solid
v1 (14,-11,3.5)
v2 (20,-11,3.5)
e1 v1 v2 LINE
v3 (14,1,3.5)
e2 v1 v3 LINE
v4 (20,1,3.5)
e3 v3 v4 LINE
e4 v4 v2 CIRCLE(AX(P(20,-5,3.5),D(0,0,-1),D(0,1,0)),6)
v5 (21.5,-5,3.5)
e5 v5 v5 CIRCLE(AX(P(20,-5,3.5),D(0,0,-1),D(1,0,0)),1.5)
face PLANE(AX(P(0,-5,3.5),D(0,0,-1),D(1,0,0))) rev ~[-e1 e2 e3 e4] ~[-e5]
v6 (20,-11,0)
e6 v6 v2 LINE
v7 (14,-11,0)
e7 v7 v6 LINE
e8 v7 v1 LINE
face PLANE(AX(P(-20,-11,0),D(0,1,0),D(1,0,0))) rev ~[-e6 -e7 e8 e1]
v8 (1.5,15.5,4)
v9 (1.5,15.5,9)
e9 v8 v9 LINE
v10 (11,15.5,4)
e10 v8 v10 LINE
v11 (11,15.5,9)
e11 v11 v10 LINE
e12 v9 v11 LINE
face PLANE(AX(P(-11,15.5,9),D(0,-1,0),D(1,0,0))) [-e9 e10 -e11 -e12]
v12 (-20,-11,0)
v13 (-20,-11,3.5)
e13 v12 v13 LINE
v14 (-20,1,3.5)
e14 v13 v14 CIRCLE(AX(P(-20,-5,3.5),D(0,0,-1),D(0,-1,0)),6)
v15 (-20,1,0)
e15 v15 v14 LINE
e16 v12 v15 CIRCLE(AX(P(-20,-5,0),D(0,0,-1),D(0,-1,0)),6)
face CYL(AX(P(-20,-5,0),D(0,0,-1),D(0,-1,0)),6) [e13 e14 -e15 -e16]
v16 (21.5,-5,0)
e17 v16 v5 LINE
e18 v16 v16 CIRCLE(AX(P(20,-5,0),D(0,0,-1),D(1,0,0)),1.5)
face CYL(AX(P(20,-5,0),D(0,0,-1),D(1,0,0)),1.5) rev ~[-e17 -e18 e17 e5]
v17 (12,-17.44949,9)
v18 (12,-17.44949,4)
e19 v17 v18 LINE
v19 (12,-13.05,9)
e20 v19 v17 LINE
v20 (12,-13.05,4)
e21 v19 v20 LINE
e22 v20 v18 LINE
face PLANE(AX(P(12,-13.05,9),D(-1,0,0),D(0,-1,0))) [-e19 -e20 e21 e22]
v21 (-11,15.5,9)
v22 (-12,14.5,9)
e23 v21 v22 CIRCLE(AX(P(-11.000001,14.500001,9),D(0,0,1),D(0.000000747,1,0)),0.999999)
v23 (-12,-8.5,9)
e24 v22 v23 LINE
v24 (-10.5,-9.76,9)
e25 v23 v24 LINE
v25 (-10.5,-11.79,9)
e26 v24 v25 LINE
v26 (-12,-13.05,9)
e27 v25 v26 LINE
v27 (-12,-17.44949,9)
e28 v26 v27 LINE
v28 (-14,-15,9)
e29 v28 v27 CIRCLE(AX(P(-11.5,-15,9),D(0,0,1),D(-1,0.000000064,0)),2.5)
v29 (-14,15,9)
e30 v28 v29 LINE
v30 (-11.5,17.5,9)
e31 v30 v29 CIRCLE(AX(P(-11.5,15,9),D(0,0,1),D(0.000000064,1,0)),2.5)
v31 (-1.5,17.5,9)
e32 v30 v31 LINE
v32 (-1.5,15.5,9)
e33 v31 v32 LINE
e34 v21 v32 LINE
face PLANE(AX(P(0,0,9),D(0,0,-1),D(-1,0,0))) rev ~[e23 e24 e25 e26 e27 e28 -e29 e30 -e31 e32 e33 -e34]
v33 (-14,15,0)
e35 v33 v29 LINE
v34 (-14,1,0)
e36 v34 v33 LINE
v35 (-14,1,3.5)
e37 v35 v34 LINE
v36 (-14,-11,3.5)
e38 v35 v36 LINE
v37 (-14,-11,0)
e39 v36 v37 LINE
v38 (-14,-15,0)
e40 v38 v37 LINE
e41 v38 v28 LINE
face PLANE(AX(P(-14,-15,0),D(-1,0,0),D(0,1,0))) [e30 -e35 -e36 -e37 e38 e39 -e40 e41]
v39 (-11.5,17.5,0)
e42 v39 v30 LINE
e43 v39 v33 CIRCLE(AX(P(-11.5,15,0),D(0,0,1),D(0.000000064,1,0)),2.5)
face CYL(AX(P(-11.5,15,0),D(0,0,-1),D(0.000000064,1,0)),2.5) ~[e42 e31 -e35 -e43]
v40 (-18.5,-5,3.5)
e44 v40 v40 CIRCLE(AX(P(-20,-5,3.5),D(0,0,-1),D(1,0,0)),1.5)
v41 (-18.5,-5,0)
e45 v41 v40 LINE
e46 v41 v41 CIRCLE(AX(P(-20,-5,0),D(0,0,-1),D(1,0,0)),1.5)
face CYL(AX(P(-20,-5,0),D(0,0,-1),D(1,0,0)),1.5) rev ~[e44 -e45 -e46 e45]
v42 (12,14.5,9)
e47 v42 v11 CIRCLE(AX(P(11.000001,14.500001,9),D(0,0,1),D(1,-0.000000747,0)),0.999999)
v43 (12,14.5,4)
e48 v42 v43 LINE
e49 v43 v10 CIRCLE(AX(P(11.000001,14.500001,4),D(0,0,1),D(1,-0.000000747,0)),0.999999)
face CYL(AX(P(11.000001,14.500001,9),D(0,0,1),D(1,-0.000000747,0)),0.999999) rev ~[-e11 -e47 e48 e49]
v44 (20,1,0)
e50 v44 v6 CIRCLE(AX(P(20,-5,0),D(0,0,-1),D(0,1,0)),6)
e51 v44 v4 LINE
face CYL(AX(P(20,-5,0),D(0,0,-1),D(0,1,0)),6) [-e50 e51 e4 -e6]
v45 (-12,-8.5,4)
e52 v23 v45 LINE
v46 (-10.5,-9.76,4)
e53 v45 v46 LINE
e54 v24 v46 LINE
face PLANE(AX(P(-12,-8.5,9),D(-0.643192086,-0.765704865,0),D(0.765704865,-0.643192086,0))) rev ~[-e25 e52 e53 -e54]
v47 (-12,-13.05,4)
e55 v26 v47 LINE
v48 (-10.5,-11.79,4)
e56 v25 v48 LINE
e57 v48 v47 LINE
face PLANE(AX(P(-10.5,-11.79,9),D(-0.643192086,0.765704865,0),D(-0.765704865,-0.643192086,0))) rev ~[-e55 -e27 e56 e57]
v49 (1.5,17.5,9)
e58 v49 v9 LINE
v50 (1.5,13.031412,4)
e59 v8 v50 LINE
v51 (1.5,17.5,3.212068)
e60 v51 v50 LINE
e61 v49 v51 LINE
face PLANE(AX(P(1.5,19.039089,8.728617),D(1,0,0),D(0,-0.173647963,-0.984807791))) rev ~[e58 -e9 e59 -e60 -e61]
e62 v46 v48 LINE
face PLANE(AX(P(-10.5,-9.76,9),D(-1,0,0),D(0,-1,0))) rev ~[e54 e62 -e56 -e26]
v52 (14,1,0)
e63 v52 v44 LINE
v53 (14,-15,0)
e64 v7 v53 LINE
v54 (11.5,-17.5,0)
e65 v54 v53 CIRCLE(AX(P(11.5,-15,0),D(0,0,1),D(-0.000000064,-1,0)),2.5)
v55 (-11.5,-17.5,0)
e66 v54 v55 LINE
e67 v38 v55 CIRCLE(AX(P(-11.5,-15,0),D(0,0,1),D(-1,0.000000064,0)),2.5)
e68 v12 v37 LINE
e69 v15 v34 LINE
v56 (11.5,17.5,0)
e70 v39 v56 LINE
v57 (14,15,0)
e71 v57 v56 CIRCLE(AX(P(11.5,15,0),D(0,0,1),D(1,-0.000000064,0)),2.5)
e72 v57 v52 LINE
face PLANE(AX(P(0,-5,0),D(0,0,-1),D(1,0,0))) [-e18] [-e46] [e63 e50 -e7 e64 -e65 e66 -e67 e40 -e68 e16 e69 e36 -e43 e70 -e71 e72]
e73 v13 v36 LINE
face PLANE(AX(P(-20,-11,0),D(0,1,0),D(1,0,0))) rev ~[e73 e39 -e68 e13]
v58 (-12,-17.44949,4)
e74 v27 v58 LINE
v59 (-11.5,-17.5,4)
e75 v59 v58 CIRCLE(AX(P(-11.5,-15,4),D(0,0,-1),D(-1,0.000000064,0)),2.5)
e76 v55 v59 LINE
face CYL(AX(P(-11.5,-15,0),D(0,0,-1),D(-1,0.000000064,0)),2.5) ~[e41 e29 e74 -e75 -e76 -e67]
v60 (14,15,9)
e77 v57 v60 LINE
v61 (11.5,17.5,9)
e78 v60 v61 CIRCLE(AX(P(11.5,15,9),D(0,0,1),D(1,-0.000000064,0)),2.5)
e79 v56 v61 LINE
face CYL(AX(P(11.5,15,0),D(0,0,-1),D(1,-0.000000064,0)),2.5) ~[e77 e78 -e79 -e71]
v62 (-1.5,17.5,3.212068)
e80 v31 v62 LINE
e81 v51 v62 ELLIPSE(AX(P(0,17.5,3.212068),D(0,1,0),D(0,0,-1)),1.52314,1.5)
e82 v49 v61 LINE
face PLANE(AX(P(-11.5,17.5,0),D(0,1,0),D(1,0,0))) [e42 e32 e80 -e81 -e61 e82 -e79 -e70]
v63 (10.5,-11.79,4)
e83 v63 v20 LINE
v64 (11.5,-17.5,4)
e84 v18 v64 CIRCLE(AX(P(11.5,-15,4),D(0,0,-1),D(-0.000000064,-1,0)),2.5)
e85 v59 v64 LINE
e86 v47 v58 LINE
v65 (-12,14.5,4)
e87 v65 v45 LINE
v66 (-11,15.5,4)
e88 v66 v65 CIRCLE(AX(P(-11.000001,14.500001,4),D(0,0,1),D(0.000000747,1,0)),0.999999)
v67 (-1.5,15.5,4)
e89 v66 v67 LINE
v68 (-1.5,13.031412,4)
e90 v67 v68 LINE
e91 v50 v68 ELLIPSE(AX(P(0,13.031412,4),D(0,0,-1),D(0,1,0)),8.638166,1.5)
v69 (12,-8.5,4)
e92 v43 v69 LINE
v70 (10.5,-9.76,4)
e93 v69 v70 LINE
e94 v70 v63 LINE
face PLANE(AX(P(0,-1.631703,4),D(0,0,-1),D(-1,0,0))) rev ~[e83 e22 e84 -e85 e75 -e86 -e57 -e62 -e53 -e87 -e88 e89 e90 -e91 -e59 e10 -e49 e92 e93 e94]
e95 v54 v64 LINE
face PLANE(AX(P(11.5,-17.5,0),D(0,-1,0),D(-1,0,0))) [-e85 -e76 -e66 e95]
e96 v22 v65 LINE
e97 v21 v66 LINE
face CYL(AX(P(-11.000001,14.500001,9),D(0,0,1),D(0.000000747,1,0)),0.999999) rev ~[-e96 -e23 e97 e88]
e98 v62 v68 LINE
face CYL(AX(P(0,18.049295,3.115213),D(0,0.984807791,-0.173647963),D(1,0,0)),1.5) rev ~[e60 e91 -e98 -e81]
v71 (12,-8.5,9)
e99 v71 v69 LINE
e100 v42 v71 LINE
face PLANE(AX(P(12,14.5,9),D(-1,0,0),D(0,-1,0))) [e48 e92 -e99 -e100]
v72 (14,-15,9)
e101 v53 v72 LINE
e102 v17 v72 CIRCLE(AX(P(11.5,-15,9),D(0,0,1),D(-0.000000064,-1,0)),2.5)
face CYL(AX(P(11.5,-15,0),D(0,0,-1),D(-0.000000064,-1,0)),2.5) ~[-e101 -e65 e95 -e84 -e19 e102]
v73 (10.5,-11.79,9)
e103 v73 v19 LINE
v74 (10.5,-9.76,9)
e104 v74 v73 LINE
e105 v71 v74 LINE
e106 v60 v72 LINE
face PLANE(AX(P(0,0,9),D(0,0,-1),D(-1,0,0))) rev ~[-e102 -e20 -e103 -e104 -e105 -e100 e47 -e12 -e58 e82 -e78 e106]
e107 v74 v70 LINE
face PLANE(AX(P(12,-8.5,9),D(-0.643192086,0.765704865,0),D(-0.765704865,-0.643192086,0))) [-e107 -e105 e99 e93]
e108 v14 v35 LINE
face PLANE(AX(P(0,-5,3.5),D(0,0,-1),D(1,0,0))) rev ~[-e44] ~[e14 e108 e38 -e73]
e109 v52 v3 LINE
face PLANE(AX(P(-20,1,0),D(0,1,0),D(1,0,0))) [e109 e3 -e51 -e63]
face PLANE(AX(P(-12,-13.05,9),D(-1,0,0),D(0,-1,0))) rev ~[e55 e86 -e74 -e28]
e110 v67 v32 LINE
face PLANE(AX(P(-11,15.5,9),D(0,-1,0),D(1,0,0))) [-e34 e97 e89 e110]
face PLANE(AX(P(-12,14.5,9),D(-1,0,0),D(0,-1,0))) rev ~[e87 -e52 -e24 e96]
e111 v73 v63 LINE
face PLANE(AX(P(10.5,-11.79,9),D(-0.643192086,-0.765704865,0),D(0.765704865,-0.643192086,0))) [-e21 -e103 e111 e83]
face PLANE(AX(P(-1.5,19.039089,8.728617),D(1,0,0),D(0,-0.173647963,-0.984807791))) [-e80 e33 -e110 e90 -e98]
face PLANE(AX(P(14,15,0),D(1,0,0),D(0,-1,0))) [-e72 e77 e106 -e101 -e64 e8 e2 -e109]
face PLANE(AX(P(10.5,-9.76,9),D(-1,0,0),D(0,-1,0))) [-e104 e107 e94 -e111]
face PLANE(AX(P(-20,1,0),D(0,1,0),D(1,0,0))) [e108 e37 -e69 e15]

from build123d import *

# Parameters (mm, degrees)
PAD_DEPTH       = 9
POCKET_DEPTH    = 5
POCKET001_DEPTH = 20
SKETCH003_R     = 1.5
PAD001_DEPTH    = 3.5


with BuildPart() as part:
    # Sketch → Pad (new body)
    with BuildSketch(Plane.XY):
        with BuildLine():
            Line((-11.5, 17.5), (11.5, 17.5))
            ThreePointArc((14, 15), (13.267767, 16.767767), (11.5, 17.5))
            Line((14, 15), (14, -15))
            ThreePointArc((11.5, -17.5), (13.267767, -16.767767), (14, -15))
            Line((11.5, -17.5), (-11.5, -17.5))
            ThreePointArc((-14, -15), (-13.267767, -16.767767), (-11.5, -17.5))
            Line((-14, -15), (-14, 15))
            ThreePointArc((-11.5, 17.5), (-13.267767, 16.767767), (-14, 15))
        make_face()
    extrude(amount=PAD_DEPTH)

    # Sketch001 (on Face10 of Pad) → Pocket (cut)
    with BuildSketch(Plane.XY.offset(9)):
        with BuildLine():
            Line((-11, 15.5), (11, 15.5))
            ThreePointArc((12, 14.5), (11.707107, 15.207107), (11, 15.5))
            Line((12, 14.5), (12, -8.5))
            Line((12, -8.5), (10.5, -9.76))
            Line((10.5, -9.76), (10.5, -11.79))
            Line((10.5, -11.79), (12, -13.05))
            Line((12, -13.05), (12, -18.05))
            Line((-12, -18.05), (12, -18.05))
            Line((-12, -13.05), (-12, -18.05))
            Line((-10.5, -11.79), (-12, -13.05))
            Line((-10.5, -9.76), (-10.5, -11.79))
            Line((-12, -8.5), (-10.5, -9.76))
            Line((-12, 14.5), (-12, -8.5))
            ThreePointArc((-11, 15.5), (-11.707107, 15.207107), (-12, 14.5))
        make_face()
    extrude(amount=-POCKET_DEPTH, mode=Mode.SUBTRACT)

    # Sketch002 (on Face9 of Pocket) → Pocket001 (cut)
    with BuildSketch(Plane(origin=(0, 17.5, 0), x_dir=(-1, 0, 0), z_dir=(0, 0.984808, -0.173648))):
        with BuildLine():
            ThreePointArc((-1.5, 3.16327), (0, 1.66327), (1.5, 3.16327))
            Line((1.5, 8.86327), (1.5, 3.16327))
            Line((-1.5, 8.86327), (1.5, 8.86327))
            Line((-1.5, 8.86327), (-1.5, 3.16327))
        make_face()
    extrude(amount=-POCKET001_DEPTH, mode=Mode.SUBTRACT)

    # Sketch003 (on Face4 of Pocket001) → Pad001 (join)
    with BuildSketch(Plane(origin=(0, 0, 0), x_dir=(1, 0, 0), z_dir=(0, 0, -1))):
        with BuildLine():
            ThreePointArc((-20, 11), (-26, 5), (-20, -1))
            Line((-20, -1), (20, -1))
            ThreePointArc((20, -1), (26, 5), (20, 11))
            Line((-20, 11), (20, 11))
        make_face()
        with Locations((-20, 5)):
            Circle(SKETCH003_R, mode=Mode.SUBTRACT)
        with Locations((20, 5)):
            Circle(SKETCH003_R, mode=Mode.SUBTRACT)
    extrude(amount=-PAD001_DEPTH)


solid = part.part
